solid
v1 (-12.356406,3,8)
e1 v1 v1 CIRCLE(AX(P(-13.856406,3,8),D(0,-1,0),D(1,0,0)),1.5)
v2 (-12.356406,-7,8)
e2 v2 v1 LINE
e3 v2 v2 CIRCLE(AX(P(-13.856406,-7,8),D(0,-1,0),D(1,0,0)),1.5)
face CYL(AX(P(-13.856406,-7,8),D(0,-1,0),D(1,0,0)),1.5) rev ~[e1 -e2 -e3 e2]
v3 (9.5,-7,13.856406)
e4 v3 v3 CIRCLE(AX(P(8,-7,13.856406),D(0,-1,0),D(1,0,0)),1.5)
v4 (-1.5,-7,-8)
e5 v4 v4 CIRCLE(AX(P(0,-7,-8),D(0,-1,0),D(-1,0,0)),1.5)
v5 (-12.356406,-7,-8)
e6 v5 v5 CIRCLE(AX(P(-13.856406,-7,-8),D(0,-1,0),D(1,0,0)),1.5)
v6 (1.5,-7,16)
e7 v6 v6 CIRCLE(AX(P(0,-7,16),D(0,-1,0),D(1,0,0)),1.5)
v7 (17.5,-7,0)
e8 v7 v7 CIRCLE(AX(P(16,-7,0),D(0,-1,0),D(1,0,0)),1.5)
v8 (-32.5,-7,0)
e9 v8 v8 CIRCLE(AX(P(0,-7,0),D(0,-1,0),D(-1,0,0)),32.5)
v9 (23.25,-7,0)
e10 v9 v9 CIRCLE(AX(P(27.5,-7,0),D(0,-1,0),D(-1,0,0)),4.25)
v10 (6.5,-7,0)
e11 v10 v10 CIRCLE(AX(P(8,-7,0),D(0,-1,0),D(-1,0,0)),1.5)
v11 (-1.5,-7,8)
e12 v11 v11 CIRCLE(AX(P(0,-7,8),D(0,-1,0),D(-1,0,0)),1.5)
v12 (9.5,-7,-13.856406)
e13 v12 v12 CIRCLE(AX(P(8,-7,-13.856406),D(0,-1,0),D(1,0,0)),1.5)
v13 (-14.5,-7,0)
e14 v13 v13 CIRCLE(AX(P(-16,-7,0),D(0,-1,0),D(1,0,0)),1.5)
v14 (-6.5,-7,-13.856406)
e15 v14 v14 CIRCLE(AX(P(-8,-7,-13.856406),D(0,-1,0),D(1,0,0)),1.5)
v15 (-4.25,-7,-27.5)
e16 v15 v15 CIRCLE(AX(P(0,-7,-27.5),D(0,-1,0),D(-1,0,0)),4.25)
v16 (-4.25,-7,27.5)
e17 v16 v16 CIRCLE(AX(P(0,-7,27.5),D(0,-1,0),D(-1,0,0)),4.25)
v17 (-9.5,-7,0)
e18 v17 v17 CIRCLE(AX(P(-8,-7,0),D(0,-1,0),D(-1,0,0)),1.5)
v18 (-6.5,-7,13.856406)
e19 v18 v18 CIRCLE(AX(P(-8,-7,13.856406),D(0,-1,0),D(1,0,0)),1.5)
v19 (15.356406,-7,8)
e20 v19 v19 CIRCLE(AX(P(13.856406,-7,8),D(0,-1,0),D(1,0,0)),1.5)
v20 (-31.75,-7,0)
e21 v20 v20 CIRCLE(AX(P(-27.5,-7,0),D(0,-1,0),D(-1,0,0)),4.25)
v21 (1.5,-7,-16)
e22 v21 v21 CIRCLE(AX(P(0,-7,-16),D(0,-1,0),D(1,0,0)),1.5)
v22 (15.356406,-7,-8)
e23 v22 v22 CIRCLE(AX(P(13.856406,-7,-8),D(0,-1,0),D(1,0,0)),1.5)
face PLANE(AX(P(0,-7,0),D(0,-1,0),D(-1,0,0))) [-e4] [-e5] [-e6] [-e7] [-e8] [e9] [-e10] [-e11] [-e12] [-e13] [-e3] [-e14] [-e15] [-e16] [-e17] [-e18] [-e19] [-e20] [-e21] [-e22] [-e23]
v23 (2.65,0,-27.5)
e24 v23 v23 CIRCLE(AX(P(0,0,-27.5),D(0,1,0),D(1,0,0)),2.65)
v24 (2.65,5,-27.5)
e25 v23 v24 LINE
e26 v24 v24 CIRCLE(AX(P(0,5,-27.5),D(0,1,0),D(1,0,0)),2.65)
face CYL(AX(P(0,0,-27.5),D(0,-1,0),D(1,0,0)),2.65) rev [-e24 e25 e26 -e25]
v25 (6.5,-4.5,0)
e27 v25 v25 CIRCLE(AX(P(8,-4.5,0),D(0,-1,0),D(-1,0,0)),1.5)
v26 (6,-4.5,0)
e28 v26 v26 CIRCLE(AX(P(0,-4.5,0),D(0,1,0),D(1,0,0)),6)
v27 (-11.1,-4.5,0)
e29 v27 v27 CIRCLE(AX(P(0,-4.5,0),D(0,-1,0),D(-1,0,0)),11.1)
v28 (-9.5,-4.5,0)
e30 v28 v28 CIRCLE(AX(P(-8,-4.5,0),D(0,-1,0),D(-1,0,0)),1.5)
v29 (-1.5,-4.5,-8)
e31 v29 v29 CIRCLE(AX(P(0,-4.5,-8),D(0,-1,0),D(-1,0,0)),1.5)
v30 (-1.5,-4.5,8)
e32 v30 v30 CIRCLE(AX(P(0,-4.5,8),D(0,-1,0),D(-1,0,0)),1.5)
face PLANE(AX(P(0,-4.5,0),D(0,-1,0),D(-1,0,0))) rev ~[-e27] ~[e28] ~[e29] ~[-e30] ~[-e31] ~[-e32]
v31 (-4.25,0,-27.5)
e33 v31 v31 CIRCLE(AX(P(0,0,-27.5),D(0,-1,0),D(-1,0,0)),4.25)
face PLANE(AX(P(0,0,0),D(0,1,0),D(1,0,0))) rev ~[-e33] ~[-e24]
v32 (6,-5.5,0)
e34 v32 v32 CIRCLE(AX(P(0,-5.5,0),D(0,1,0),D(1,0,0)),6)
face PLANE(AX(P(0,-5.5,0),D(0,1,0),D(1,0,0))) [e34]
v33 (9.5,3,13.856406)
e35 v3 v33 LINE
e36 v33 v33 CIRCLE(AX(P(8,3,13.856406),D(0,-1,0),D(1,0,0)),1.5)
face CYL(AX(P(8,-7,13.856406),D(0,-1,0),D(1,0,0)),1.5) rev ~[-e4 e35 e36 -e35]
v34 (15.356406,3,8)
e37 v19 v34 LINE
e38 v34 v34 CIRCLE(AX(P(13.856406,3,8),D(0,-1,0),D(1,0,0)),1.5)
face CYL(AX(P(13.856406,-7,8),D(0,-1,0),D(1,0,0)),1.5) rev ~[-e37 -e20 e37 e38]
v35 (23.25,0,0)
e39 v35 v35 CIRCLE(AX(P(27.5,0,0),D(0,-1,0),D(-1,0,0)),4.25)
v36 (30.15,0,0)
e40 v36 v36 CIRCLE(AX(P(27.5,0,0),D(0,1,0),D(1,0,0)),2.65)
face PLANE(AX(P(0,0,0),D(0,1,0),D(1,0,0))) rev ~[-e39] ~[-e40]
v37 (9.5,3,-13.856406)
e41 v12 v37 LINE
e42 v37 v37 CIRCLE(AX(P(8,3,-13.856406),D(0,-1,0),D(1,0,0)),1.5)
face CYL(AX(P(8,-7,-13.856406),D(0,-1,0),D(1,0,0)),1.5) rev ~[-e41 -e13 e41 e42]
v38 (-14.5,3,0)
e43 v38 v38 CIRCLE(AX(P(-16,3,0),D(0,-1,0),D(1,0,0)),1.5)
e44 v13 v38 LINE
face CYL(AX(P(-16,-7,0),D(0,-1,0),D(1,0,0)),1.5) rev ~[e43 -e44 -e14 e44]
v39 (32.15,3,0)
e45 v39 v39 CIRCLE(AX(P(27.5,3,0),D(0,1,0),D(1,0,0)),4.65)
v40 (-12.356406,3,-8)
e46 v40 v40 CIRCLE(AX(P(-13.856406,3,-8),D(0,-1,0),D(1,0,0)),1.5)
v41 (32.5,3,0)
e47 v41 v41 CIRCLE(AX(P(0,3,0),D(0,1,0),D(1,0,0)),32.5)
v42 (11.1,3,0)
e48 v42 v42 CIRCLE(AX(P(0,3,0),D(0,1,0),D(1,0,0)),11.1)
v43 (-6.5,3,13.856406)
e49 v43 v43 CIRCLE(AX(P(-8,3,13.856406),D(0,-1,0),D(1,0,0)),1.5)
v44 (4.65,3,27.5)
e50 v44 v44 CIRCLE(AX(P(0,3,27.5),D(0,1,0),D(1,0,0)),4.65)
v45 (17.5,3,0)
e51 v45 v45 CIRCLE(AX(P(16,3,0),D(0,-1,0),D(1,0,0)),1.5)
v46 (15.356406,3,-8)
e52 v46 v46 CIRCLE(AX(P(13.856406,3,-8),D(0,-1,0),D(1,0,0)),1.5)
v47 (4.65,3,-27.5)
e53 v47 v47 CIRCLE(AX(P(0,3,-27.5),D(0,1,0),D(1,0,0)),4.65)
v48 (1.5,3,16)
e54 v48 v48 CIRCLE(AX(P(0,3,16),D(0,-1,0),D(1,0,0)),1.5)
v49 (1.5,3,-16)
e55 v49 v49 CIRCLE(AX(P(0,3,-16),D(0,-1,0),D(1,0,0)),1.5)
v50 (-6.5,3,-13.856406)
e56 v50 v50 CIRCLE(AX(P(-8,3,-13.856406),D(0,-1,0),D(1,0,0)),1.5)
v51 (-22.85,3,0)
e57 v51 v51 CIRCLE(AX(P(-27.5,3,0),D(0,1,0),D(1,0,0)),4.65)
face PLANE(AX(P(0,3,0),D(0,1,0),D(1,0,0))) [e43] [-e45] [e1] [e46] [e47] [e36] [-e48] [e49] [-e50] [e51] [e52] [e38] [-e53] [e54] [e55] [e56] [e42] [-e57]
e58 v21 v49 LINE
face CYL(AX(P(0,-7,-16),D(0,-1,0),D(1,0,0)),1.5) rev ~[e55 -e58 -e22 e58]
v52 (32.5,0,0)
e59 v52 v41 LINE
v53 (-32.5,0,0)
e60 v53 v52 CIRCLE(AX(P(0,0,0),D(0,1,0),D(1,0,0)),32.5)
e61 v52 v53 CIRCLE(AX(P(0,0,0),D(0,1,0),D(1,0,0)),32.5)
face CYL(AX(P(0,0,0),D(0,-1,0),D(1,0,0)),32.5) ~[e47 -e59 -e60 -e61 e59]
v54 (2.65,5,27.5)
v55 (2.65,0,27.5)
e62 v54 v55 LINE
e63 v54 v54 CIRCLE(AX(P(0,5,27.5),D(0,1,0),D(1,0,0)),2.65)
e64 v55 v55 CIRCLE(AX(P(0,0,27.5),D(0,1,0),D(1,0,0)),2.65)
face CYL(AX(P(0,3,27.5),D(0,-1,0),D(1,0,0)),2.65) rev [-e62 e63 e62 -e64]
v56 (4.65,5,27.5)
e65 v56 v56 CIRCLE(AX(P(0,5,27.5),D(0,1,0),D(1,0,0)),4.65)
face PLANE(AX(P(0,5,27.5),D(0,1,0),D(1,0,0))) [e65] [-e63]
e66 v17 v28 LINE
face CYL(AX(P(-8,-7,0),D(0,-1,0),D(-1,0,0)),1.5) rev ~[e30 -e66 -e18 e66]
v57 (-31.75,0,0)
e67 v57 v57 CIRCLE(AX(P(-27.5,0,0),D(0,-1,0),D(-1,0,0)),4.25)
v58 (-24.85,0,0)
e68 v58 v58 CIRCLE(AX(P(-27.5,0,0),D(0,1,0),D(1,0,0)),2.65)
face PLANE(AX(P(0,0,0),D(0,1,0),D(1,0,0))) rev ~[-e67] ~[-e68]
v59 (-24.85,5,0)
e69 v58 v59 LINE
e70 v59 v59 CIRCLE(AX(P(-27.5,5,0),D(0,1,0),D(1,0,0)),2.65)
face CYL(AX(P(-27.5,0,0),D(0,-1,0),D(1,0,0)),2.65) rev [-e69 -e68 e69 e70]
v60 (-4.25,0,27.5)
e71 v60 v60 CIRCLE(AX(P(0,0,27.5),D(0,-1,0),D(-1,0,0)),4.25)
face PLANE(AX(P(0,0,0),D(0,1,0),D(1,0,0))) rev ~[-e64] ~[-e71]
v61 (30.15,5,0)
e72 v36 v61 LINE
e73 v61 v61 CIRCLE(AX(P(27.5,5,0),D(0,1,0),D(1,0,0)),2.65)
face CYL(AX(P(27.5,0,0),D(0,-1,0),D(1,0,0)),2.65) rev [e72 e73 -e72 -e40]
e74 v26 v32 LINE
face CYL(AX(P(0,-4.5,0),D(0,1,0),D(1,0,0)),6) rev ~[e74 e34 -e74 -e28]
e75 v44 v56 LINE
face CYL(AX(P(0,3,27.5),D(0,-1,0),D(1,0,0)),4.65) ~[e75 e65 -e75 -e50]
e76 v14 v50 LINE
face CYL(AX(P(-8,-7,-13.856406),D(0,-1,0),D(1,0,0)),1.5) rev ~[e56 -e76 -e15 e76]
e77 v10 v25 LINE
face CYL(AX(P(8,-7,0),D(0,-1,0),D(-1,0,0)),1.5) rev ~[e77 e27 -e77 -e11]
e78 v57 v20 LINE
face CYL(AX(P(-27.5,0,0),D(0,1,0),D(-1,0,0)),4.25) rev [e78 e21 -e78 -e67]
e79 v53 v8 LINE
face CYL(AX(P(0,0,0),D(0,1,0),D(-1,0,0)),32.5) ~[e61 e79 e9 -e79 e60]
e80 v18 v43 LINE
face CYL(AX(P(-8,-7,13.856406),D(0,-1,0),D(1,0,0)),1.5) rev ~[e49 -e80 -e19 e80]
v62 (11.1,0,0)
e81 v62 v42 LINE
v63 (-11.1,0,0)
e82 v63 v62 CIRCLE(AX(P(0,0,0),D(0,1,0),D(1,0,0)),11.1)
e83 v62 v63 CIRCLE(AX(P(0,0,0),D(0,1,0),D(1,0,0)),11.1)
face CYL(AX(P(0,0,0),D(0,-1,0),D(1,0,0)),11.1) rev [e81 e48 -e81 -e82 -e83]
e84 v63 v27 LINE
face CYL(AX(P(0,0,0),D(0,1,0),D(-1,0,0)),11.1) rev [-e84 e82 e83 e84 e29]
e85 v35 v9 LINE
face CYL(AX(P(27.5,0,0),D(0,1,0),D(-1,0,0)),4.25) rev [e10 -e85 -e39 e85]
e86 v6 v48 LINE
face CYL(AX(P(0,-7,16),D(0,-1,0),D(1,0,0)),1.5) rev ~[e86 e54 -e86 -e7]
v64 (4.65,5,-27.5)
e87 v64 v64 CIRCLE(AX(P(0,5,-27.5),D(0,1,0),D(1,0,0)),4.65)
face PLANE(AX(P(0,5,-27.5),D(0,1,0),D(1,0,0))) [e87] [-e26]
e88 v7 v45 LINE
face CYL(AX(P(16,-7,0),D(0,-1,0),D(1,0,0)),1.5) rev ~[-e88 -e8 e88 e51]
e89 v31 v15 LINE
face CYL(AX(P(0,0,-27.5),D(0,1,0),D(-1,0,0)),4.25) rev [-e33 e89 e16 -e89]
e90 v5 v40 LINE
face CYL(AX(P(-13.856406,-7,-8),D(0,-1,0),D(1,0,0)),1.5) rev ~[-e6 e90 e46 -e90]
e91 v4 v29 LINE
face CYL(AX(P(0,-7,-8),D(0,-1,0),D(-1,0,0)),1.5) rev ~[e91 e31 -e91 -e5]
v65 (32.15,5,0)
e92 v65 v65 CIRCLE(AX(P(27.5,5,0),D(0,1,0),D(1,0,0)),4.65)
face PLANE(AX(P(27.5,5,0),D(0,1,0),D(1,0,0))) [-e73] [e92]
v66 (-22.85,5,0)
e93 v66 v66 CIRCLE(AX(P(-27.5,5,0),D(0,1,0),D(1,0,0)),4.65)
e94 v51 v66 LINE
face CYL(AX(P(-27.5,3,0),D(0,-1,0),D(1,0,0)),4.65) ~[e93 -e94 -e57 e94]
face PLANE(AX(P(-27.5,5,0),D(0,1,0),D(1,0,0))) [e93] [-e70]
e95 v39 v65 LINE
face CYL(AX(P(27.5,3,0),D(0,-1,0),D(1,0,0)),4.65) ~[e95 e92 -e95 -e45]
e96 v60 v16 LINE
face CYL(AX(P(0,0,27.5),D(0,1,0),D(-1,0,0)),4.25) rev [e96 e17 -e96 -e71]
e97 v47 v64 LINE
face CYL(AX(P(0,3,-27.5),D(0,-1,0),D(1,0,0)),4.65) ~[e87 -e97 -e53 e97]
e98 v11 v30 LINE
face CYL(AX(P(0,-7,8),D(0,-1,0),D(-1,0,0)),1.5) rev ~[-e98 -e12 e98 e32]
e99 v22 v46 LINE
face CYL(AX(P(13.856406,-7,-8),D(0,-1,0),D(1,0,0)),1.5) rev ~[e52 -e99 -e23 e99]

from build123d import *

# Parameters (mm, degrees)
SKETCH1_R           = 32.5
SKETCH1_R_2         = 2.65
SKETCH1_R_3         = 11.1
BOSS_EXTRUDE1_DEPTH = 3
SKETCH2_R           = 4.65
SKETCH2_R_2         = 2.65
BOSS_EXTRUDE2_DEPTH = 2
SKETCH3_R           = 32.5
SKETCH3_R_2         = 11.1
SKETCH3_R_3         = 4.25
BOSS_EXTRUDE3_DEPTH = 7
SKETCH4_R           = 11.1
SKETCH4_R_2         = 1.5
BOSS_EXTRUDE4_DEPTH = 2.5
SKETCH5_R           = 1.5
CUT_EXTRUDE1_DEPTH  = 13
SKETCH6_R           = 6
CUT_EXTRUDE2_DEPTH  = 1


with BuildPart() as part:
    # Sketch1 → Boss-Extrude1 (new body)
    with BuildSketch(Plane(origin=(0, 0, 0), x_dir=(1, 0, 0), z_dir=(0, 1, 0))):
        Circle(SKETCH1_R)
        with Locations((0, 27.5)):
            Circle(SKETCH1_R_2, mode=Mode.SUBTRACT)
        with Locations((27.5, 0)):
            Circle(SKETCH1_R_2, mode=Mode.SUBTRACT)
        with Locations((0, -27.5)):
            Circle(SKETCH1_R_2, mode=Mode.SUBTRACT)
        with Locations((-27.5, 0)):
            Circle(SKETCH1_R_2, mode=Mode.SUBTRACT)
        Circle(SKETCH1_R_3, mode=Mode.SUBTRACT)
    extrude(amount=BOSS_EXTRUDE1_DEPTH)

    # Sketch2 → Boss-Extrude2 (add)
    with BuildSketch(Plane(origin=(0, 3, 0), x_dir=(1, 0, 0), z_dir=(0, 1, 0))):
        with Locations((0, -27.5)):
            Circle(SKETCH2_R)
        with Locations((0, -27.5)):
            Circle(SKETCH2_R_2, mode=Mode.SUBTRACT)
        with Locations((27.5, 0)):
            Circle(SKETCH2_R)
        with Locations((27.5, 0)):
            Circle(SKETCH2_R_2, mode=Mode.SUBTRACT)
        with Locations((0, 27.5)):
            Circle(SKETCH2_R)
        with Locations((0, 27.5)):
            Circle(SKETCH2_R_2, mode=Mode.SUBTRACT)
        with Locations((-27.5, 0)):
            Circle(SKETCH2_R)
        with Locations((-27.5, 0)):
            Circle(SKETCH2_R_2, mode=Mode.SUBTRACT)
    extrude(amount=BOSS_EXTRUDE2_DEPTH)

    # Sketch3 → Boss-Extrude3 (add)
    with BuildSketch(Plane(origin=(0, 0, 0), x_dir=(-1, 0, 0), z_dir=(0, -1, 0))):
        Circle(SKETCH3_R)
        Circle(SKETCH3_R_2, mode=Mode.SUBTRACT)
        with Locations((0, 27.5)):
            Circle(SKETCH3_R_3, mode=Mode.SUBTRACT)
        with Locations((27.5, 0)):
            Circle(SKETCH3_R_3, mode=Mode.SUBTRACT)
        with Locations((0, -27.5)):
            Circle(SKETCH3_R_3, mode=Mode.SUBTRACT)
        with Locations((-27.5, 0)):
            Circle(SKETCH3_R_3, mode=Mode.SUBTRACT)
    extrude(amount=BOSS_EXTRUDE3_DEPTH)

    # Sketch4 → Boss-Extrude4 (add)
    with BuildSketch(Plane(origin=(0, -7, 0), x_dir=(-1, 0, 0), z_dir=(0, -1, 0))):
        Circle(SKETCH4_R)
        with Locations((0, 8)):
            Circle(SKETCH4_R_2, mode=Mode.SUBTRACT)
        with Locations((8, 0)):
            Circle(SKETCH4_R_2, mode=Mode.SUBTRACT)
        with Locations((0, -8)):
            Circle(SKETCH4_R_2, mode=Mode.SUBTRACT)
        with Locations((-8, 0)):
            Circle(SKETCH4_R_2, mode=Mode.SUBTRACT)
    extrude(amount=-BOSS_EXTRUDE4_DEPTH)

    # Sketch5 → Cut-Extrude1 (cut, through all)
    with BuildSketch(Plane.XZ.offset(7)):
        with Locations((0, 16)):
            Circle(SKETCH5_R)
        with Locations((8, 13.856406461)):
            Circle(SKETCH5_R)
        with Locations((13.856406461, 8)):
            Circle(SKETCH5_R)
        with Locations((16, 0)):
            Circle(SKETCH5_R)
        with Locations((13.856406461, -8)):
            Circle(SKETCH5_R)
        with Locations((8, -13.856406461)):
            Circle(SKETCH5_R)
        with Locations((0, -16)):
            Circle(SKETCH5_R)
        with Locations((-8, -13.856406461)):
            Circle(SKETCH5_R)
        with Locations((-13.856406461, -8)):
            Circle(SKETCH5_R)
        with Locations((-16, 0)):
            Circle(SKETCH5_R)
        with Locations((-13.856406461, 8)):
            Circle(SKETCH5_R)
        with Locations((-8, 13.856406461)):
            Circle(SKETCH5_R)
    extrude(amount=-CUT_EXTRUDE1_DEPTH, mode=Mode.SUBTRACT)

    # Sketch6 → Cut-Extrude2 (cut)
    with BuildSketch(Plane(origin=(0, -4.5, 0), x_dir=(1, 0, 0), z_dir=(0, 1, 0))):
        Circle(SKETCH6_R)
    extrude(amount=-CUT_EXTRUDE2_DEPTH, mode=Mode.SUBTRACT)


solid = part.part
